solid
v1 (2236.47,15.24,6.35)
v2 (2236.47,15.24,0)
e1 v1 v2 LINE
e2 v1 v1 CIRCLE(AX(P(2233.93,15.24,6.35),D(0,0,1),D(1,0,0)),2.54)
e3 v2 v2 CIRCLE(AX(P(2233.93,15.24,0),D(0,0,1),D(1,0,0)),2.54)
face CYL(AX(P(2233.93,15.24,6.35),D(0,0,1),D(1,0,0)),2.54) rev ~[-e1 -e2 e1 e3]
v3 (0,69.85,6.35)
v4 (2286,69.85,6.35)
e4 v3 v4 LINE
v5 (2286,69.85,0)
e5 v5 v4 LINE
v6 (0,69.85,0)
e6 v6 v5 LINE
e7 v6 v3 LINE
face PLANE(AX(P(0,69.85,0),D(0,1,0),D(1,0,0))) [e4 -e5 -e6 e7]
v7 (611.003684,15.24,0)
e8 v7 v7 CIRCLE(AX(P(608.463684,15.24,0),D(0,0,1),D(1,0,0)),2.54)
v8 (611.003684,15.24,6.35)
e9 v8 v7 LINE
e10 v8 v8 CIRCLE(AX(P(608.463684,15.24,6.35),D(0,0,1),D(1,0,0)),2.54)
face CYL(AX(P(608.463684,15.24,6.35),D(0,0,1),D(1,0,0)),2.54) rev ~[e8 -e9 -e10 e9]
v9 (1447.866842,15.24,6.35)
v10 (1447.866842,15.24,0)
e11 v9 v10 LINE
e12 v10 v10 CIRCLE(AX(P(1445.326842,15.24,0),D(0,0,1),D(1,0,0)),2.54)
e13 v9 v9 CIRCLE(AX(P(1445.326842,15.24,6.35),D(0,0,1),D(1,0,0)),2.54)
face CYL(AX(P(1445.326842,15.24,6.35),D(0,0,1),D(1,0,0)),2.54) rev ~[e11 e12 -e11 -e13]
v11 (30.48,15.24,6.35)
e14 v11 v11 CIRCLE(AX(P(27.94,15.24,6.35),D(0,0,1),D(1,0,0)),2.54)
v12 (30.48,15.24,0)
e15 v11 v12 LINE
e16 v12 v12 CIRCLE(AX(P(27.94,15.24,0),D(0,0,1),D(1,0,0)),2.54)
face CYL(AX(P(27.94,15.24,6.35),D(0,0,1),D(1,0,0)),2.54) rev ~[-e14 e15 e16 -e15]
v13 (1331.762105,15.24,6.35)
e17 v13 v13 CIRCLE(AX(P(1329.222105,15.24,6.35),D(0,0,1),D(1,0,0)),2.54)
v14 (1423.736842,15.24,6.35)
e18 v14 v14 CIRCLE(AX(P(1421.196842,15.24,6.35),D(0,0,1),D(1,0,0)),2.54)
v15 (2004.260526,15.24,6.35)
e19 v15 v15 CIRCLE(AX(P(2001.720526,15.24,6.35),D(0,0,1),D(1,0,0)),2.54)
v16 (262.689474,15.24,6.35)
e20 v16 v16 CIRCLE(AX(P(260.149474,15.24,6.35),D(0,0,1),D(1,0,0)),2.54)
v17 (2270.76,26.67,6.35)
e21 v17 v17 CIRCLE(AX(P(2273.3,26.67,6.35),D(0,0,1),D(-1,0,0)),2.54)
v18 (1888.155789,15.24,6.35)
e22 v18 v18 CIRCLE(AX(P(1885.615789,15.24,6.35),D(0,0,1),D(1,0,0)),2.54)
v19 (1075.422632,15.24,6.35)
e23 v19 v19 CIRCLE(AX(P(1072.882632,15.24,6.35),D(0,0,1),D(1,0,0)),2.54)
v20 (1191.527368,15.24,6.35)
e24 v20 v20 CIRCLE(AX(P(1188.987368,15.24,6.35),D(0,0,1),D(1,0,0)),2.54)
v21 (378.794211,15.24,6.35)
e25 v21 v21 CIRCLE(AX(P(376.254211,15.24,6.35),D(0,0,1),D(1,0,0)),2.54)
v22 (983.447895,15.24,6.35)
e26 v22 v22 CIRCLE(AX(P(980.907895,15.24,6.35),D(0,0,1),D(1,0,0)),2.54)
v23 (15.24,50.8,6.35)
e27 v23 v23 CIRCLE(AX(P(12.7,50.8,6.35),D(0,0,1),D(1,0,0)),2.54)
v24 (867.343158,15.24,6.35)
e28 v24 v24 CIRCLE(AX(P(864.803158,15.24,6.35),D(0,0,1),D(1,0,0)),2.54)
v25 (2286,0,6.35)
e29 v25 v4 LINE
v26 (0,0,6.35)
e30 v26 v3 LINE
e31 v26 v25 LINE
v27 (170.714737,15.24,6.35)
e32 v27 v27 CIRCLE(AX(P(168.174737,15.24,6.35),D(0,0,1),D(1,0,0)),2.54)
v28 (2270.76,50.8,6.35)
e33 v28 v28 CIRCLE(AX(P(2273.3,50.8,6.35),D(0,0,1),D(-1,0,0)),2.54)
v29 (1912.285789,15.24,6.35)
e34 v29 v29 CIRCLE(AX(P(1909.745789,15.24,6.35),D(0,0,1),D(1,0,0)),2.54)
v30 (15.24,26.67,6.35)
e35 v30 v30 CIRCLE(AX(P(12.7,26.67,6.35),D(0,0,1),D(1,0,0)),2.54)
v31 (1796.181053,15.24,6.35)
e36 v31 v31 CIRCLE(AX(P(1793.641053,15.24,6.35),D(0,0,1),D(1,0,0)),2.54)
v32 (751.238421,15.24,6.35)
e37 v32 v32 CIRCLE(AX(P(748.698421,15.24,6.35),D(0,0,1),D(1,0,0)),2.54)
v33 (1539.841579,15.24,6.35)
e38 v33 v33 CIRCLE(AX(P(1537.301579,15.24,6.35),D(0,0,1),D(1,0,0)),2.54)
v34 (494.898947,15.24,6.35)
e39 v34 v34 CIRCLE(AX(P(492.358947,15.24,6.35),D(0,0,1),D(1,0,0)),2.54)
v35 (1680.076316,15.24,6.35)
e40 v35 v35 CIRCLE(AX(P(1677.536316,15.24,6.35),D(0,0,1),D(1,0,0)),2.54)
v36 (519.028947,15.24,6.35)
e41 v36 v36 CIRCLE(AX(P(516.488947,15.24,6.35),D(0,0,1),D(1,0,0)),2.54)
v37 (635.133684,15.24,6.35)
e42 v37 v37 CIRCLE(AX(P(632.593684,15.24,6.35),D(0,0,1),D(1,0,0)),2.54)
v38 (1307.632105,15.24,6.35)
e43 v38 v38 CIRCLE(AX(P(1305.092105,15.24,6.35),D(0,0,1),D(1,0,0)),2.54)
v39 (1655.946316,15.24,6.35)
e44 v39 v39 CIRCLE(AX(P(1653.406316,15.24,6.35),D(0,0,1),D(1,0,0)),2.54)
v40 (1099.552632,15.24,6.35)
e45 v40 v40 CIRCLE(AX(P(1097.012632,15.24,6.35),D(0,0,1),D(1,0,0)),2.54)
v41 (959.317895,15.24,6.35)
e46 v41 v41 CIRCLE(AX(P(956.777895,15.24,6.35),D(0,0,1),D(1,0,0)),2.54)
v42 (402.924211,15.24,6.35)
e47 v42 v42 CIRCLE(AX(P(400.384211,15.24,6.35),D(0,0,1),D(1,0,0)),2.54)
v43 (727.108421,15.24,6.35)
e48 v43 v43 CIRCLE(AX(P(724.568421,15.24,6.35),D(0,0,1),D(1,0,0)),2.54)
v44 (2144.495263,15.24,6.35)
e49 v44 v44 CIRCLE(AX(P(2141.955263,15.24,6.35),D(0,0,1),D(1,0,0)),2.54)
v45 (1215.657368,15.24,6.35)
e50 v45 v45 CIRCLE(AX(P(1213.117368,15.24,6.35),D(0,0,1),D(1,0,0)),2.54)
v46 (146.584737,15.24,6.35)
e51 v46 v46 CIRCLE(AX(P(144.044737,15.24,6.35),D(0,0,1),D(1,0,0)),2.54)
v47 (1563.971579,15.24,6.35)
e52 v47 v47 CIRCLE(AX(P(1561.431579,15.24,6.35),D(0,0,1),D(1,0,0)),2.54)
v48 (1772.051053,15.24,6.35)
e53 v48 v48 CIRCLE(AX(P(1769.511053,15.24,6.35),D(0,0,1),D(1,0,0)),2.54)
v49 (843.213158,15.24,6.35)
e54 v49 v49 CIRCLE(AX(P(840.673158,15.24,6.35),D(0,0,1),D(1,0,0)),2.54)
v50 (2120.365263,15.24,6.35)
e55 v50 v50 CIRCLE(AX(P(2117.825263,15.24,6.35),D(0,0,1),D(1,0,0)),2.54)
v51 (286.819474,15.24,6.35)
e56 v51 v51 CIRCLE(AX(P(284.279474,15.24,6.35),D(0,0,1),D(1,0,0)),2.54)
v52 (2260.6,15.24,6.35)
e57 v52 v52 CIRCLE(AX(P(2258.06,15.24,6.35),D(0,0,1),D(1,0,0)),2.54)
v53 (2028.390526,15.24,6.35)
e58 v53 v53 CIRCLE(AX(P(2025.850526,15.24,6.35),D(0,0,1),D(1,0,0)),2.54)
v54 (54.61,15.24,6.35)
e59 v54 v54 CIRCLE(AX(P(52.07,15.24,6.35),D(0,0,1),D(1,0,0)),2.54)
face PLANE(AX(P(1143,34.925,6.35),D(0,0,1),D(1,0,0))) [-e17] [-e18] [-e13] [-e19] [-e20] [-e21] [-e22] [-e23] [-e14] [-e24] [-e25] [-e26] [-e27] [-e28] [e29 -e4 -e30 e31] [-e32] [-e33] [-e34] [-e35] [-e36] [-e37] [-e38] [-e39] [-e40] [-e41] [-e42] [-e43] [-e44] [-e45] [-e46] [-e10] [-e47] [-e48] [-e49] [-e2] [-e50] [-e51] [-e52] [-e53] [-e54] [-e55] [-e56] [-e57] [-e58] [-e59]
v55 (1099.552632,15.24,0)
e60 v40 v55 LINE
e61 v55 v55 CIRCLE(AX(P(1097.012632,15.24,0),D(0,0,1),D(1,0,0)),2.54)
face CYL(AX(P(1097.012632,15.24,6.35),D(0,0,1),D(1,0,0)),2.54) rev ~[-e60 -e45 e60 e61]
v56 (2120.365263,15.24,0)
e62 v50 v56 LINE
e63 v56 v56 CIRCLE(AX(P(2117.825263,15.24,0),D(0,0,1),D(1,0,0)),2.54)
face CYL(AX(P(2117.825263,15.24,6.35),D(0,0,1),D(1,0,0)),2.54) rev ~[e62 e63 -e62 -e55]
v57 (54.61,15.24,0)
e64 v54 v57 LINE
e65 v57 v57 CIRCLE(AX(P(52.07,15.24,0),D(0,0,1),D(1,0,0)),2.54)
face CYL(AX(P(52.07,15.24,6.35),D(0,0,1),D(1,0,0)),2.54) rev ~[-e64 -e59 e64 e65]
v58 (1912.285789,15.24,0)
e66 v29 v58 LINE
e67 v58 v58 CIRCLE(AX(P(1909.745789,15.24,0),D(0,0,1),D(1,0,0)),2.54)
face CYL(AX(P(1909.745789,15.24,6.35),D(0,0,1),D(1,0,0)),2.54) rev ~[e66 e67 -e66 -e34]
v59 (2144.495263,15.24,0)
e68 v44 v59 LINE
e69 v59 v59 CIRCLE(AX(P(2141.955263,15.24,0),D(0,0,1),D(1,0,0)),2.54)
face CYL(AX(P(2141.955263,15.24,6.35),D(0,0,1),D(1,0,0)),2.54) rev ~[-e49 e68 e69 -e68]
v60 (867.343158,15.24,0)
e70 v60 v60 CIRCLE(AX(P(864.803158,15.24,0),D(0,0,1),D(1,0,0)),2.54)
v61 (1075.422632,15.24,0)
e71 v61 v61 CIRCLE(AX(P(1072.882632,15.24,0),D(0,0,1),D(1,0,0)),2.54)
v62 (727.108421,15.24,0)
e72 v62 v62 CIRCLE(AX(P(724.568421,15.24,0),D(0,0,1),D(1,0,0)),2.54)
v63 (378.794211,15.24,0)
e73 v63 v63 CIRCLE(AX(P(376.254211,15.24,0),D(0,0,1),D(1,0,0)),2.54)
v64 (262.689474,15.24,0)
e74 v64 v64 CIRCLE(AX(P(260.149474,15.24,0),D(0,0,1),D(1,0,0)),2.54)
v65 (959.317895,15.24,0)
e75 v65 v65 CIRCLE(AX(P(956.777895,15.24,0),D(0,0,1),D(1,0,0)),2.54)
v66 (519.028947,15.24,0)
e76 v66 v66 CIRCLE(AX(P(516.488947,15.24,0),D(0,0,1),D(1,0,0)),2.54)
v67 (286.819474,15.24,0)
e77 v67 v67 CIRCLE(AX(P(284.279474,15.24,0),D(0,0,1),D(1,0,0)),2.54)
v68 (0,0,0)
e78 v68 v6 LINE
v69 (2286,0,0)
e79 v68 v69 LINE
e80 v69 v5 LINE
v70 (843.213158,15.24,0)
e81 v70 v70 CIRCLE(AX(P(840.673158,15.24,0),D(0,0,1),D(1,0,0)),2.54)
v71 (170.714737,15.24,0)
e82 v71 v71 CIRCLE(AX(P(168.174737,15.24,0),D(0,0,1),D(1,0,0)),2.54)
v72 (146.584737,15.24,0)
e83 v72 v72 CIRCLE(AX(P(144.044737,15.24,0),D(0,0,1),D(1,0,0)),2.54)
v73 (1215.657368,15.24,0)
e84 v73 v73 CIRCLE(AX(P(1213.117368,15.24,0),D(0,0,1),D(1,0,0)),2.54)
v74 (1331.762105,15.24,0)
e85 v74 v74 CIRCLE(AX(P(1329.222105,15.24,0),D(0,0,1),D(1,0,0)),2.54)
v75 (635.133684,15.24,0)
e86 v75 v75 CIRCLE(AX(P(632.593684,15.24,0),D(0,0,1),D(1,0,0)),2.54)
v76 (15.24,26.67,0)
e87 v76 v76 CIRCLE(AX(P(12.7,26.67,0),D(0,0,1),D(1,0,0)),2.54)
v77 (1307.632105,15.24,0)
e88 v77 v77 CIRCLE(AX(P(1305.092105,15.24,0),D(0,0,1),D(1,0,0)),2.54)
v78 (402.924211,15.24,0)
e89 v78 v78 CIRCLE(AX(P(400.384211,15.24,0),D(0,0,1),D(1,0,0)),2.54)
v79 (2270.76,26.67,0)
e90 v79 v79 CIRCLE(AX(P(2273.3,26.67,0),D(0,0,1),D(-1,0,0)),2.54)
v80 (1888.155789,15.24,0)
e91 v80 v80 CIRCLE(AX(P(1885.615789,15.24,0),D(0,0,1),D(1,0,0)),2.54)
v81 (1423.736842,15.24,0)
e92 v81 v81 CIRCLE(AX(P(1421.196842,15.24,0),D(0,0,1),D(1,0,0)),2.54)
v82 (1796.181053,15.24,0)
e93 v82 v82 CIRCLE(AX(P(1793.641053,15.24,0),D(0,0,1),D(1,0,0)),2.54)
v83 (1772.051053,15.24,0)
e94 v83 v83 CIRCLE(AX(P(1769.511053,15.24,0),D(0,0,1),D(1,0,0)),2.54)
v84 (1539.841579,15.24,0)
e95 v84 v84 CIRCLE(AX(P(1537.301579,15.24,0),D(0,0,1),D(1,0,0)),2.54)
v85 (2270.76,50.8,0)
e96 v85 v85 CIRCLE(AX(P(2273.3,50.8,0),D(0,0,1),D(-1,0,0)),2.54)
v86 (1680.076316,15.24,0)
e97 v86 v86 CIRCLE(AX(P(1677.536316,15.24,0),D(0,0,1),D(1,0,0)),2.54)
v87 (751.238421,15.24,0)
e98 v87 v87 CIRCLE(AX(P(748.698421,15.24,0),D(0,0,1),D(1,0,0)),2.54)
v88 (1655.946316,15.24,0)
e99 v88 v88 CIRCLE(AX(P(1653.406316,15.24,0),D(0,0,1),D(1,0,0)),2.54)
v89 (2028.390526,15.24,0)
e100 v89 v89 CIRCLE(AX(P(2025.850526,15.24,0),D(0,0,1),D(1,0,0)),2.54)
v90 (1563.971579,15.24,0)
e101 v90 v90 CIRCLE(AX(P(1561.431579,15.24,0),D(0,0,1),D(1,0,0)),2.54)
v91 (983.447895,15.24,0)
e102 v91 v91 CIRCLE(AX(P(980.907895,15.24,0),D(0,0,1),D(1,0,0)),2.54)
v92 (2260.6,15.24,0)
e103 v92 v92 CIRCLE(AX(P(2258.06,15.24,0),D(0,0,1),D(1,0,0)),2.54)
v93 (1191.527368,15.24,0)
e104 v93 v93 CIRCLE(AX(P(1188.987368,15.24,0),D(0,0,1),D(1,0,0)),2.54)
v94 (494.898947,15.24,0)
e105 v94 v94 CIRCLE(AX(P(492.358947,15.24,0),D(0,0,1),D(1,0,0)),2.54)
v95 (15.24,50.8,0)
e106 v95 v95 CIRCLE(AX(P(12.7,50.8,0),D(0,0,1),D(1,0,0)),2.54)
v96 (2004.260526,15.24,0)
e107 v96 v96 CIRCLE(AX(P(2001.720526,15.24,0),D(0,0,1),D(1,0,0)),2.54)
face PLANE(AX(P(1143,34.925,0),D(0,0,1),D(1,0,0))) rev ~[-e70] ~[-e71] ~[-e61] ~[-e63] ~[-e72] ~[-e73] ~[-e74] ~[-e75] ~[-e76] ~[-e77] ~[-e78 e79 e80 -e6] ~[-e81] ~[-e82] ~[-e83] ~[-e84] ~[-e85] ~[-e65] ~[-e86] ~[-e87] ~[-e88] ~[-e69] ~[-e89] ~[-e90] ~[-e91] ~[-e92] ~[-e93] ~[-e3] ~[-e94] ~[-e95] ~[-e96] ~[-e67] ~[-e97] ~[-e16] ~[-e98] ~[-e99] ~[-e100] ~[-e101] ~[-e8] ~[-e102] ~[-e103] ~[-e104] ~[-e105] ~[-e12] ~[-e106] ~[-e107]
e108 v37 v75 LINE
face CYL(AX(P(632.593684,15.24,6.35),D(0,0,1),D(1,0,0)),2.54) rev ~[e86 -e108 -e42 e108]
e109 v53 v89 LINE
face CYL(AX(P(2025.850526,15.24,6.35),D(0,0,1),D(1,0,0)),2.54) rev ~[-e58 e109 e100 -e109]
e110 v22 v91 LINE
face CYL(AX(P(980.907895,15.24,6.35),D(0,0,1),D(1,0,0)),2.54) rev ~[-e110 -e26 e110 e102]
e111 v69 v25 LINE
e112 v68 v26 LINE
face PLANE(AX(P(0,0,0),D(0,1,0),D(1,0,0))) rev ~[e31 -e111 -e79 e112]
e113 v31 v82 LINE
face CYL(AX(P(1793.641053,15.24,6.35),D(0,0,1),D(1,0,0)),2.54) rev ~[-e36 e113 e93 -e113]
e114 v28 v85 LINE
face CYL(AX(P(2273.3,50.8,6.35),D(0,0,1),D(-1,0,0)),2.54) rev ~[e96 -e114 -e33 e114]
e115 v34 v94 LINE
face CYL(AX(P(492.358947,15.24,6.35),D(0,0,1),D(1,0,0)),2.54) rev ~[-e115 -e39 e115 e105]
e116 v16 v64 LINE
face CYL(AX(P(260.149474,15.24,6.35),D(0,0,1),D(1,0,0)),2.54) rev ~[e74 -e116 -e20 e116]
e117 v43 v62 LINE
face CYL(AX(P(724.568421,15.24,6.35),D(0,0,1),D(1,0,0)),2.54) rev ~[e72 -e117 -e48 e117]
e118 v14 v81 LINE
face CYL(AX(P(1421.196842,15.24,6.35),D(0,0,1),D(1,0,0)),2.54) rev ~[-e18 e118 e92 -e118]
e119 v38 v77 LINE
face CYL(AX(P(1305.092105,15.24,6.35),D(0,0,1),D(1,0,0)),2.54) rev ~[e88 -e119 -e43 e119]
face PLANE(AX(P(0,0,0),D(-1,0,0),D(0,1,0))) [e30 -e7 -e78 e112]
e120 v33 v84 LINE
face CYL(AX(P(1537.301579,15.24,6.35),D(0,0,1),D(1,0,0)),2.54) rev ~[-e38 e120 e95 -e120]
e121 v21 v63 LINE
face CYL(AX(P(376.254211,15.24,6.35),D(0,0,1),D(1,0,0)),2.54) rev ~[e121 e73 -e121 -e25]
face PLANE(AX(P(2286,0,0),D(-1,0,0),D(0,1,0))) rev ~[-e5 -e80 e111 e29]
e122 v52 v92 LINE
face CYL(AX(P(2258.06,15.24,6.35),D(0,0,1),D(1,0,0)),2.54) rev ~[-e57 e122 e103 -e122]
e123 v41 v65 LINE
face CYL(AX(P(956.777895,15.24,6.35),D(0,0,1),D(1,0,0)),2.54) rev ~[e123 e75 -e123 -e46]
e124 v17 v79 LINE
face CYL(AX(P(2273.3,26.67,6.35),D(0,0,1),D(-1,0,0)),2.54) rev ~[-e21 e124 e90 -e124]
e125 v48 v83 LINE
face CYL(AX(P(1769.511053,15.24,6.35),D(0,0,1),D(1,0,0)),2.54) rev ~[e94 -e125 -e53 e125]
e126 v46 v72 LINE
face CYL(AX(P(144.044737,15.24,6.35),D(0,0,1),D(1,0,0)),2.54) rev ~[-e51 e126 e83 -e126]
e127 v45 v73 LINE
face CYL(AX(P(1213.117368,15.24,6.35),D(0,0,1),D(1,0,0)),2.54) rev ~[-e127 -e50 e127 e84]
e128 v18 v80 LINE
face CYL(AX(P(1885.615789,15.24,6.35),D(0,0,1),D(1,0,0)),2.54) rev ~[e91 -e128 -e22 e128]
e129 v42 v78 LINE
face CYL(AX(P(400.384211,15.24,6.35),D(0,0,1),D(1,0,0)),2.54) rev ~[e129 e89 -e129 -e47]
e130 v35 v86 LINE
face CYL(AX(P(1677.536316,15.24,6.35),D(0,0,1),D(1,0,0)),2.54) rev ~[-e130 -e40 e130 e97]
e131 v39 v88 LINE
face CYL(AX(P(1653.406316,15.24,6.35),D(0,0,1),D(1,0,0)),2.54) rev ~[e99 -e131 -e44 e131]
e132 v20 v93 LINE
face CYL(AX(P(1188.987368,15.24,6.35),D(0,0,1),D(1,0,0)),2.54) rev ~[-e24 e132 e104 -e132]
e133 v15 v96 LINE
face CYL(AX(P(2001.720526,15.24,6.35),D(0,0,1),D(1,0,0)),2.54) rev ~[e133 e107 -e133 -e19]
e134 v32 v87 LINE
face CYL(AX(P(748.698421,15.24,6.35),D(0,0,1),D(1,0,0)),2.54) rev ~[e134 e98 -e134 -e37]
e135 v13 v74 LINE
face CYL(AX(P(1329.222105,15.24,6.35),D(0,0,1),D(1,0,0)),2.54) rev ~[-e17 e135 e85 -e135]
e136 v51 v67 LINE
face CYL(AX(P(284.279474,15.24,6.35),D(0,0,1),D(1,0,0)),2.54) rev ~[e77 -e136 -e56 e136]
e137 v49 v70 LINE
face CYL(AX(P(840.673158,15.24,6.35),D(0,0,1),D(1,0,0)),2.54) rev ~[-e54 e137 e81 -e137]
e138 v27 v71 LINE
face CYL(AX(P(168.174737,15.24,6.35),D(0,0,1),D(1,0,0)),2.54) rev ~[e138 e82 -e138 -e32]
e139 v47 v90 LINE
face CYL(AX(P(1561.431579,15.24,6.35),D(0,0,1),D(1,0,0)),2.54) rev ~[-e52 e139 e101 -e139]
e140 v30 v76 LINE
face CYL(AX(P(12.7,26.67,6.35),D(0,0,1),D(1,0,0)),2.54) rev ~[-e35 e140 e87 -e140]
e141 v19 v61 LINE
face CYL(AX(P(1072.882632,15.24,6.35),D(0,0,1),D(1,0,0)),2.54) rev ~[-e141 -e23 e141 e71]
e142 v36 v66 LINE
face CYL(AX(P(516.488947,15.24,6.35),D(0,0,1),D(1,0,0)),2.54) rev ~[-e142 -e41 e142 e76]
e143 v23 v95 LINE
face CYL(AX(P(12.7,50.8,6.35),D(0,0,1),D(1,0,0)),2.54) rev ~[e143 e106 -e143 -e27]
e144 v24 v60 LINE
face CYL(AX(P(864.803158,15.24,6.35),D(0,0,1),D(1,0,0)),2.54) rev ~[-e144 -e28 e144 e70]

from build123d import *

# Parameters (mm, degrees)
SKETCH1_W           = 2286
SKETCH1_H           = 69.85
BOSS_EXTRUDE1_DEPTH = 6.35
SKETCH2_R           = 2.54
CUT_EXTRUDE1_DEPTH  = 6.35
SKETCH3_R           = 2.54
CUT_EXTRUDE2_DEPTH  = 6.35
LPATTERN2_COUNT     = 20
LPATTERN2_PITCH     = 116.104736842


with BuildPart() as part:
    # Sketch1 → Boss-Extrude1 (new body)
    with BuildSketch(Plane.XY):
        with Locations((1143, 34.925)):
            Rectangle(SKETCH1_W, SKETCH1_H)
    extrude(amount=BOSS_EXTRUDE1_DEPTH)

    # Sketch2 → Cut-Extrude1 (cut)
    with BuildSketch(Plane.XY.offset(6.35)):
        with Locations((27.94, 15.24)):
            Circle(SKETCH2_R)
        with Locations((52.07, 15.24)):
            Circle(SKETCH2_R)
    cut_extrude1 = extrude(amount=-CUT_EXTRUDE1_DEPTH, mode=Mode.SUBTRACT)

    # Sketch3 → Cut-Extrude2 (cut)
    with BuildSketch(Plane.XY.offset(6.35)):
        with Locations((12.7, 26.67)):
            Circle(SKETCH3_R)
        with Locations((12.7, 50.8)):
            Circle(SKETCH3_R)
        with Locations(Location((2273.3, 26.67, 0), (0, 0, 180))):
            Circle(SKETCH3_R)
        with Locations(Location((2273.3, 50.8, 0), (0, 0, 180))):
            Circle(SKETCH3_R)
    extrude(amount=-CUT_EXTRUDE2_DEPTH, mode=Mode.SUBTRACT)

    # LPattern2: Cut-Extrude1 ×20
    with Locations(*[(i * LPATTERN2_PITCH, 0, 0) for i in range(1, LPATTERN2_COUNT)]):
        add(cut_extrude1, mode=Mode.SUBTRACT)


solid = part.part
